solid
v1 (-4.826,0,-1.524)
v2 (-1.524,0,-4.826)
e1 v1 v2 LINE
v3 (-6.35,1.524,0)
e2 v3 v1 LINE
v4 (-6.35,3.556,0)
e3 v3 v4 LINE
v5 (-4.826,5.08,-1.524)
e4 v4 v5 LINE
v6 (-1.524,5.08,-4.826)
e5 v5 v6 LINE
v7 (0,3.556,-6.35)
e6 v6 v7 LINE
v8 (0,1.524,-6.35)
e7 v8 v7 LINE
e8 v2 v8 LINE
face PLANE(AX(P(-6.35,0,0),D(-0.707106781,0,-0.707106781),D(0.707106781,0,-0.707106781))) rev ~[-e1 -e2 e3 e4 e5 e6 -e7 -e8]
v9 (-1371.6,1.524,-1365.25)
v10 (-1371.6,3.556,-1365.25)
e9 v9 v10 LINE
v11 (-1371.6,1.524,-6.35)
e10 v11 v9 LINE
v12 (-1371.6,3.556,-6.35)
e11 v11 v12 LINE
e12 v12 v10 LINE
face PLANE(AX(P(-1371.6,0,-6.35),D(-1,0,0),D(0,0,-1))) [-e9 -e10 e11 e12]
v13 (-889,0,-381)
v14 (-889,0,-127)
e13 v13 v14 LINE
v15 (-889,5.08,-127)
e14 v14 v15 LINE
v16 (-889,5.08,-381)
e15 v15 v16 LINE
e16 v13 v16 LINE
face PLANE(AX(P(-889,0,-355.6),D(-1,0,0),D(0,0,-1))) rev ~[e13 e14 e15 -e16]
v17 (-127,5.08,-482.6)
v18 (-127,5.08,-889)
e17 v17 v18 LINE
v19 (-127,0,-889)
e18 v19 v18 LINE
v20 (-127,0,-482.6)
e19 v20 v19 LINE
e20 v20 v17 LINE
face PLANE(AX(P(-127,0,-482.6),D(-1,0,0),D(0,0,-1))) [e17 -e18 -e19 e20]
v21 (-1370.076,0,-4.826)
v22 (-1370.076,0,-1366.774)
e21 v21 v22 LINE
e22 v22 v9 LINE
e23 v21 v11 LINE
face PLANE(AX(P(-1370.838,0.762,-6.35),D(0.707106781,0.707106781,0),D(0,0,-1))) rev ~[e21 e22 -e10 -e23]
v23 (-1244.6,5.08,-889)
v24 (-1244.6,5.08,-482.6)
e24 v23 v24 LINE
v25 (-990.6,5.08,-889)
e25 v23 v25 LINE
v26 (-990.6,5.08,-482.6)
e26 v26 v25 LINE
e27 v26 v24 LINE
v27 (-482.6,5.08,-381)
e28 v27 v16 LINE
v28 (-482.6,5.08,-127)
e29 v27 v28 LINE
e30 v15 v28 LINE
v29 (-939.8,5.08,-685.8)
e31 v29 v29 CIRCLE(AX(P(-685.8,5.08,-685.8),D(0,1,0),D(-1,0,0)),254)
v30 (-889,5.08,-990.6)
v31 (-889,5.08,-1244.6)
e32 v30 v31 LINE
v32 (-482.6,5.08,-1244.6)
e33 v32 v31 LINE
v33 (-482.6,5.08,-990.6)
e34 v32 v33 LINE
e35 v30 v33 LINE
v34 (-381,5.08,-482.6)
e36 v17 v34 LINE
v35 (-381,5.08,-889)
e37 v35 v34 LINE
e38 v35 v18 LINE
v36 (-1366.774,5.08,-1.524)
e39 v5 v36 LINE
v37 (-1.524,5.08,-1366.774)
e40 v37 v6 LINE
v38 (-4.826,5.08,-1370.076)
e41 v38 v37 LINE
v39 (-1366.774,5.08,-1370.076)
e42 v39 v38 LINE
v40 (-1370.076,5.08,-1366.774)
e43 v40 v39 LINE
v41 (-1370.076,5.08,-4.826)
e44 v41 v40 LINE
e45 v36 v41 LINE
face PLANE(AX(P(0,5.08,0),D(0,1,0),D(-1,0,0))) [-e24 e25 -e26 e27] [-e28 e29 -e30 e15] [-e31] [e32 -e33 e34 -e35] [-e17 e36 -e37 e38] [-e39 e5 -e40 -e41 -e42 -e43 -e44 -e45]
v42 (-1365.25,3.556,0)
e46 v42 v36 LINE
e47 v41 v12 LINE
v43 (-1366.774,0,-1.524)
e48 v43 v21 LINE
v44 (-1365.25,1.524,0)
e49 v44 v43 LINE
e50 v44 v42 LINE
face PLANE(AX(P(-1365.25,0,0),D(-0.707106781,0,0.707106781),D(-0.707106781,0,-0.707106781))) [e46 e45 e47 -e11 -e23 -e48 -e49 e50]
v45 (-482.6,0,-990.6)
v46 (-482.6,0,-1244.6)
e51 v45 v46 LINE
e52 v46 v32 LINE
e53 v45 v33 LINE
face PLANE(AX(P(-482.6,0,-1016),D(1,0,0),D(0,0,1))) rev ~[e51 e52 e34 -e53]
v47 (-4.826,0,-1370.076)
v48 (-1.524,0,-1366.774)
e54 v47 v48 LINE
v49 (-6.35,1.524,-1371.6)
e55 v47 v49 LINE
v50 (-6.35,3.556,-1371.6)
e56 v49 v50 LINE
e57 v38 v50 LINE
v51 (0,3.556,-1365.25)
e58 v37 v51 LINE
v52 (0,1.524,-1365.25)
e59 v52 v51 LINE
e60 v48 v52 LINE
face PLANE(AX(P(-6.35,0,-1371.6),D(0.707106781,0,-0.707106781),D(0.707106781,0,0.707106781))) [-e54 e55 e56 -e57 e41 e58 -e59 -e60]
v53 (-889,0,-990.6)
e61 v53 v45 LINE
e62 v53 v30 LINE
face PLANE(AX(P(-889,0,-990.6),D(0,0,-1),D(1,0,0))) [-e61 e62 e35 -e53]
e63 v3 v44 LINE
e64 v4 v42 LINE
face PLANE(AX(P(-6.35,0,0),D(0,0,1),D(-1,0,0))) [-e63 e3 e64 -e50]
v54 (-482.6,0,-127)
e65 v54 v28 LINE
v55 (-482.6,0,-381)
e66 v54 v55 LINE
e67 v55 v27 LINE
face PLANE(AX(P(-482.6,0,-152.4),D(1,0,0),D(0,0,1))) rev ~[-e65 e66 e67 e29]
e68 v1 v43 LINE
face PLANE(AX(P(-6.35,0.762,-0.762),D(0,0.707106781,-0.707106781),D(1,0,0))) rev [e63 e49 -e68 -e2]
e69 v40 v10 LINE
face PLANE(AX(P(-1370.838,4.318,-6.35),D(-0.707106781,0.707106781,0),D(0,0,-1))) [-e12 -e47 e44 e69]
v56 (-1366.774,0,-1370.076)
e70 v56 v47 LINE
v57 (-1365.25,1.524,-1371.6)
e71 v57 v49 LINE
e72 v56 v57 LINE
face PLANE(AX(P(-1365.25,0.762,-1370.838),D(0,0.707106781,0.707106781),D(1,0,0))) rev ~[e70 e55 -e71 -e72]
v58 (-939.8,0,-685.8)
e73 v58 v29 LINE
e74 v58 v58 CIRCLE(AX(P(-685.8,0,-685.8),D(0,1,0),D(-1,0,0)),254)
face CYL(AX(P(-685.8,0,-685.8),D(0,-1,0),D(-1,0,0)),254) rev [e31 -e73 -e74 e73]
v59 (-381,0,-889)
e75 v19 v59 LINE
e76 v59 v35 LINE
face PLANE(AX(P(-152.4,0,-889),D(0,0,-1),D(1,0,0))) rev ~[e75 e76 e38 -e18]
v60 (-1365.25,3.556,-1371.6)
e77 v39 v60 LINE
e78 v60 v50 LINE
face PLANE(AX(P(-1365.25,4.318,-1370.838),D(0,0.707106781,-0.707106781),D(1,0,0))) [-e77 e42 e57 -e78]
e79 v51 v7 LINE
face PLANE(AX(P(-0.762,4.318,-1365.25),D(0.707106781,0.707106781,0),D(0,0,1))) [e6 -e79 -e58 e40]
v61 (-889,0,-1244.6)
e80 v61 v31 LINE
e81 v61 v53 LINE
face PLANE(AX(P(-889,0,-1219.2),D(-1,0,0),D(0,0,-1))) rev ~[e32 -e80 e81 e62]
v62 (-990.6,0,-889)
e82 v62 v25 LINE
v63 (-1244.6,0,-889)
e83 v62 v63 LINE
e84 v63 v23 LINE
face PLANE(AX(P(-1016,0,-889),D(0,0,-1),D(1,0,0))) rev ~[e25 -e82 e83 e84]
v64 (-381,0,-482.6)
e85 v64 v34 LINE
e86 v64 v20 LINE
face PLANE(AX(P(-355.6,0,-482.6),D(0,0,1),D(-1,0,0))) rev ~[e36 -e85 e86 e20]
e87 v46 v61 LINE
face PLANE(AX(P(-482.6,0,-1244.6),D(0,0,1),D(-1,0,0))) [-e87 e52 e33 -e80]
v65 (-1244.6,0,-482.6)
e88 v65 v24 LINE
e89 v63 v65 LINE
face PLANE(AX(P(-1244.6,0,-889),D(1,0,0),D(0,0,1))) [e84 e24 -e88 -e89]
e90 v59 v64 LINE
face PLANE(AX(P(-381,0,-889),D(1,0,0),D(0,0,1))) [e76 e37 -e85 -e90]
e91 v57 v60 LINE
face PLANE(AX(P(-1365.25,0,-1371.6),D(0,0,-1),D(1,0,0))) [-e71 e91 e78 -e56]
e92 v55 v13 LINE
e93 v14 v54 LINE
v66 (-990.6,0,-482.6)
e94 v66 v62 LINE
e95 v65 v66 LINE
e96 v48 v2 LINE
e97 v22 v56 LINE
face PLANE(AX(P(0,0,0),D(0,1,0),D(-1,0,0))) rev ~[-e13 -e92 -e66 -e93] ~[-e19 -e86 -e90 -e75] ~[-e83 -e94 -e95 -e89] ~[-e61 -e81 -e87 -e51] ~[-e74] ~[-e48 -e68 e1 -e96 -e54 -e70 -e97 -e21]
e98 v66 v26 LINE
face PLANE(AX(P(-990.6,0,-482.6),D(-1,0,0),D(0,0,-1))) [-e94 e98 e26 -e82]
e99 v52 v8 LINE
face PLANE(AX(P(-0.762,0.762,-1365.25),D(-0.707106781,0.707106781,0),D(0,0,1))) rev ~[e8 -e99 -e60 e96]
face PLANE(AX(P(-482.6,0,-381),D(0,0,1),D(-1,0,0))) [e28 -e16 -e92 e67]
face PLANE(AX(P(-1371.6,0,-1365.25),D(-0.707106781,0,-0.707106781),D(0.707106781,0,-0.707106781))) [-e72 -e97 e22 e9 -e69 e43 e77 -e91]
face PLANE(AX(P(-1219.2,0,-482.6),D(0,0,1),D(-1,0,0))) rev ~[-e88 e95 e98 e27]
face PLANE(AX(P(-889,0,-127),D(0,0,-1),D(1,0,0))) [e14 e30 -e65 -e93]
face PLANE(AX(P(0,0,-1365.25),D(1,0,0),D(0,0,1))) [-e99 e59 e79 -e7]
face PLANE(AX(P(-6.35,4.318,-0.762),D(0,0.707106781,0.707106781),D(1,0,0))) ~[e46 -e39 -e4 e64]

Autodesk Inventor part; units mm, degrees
ref_plane "YZ Plane" through (0, 0, 0) normal (1, 0, 0) x (0, 1, 0)
ref_plane "XZ Plane" through (0, 0, 0) normal (0, 1, 0) x (-1, 0, 0)
ref_plane "XY Plane" through (0, 0, 0) normal (0, 0, 1) x (1, 0, 0)
sketch "Sketch1" plane through (0, 0, 0) normal (0, 1, 0) x (-1, 0, 0)
  line L0 (6.35, 0) -> (1365.25, 0)
  line L1 (1371.6, -6.35) -> (1371.6, -1365.25)
  line L2 (1365.25, -1371.6) -> (6.35, -1371.6)
  line L3 (0, -1365.25) -> (0, -6.35)
  line L4 (1346.2, -1346.2) -> (1346.2, -25.4)
  line L5 (1346.2, -25.4) -> (25.4, -25.4)
  line L6 (25.4, -25.4) -> (25.4, -1346.2)
  line L7 (25.4, -1346.2) -> (1346.2, -1346.2)
  line L8 (1320.8, -50.8) -> (1320.8, -1320.8)
  line L9 (1320.8, -1320.8) -> (50.8, -1320.8)
  line L10 (50.8, -1320.8) -> (50.8, -50.8)
  line L11 (50.8, -50.8) -> (1320.8, -50.8)
  line L12 (1320.8, -50.8) -> (1346.2, -25.4)
  line L13 (1320.8, -1320.8) -> (1346.2, -1346.2)
  line L14 (50.8, -1320.8) -> (25.4, -1346.2)
  line L15 (50.8, -50.8) -> (25.4, -25.4)
  line L16 (1219.2, -482.6) -> (1016, -482.6)
  line L17 (1016, -482.6) -> (1016, -889)
  line L18 (1016, -889) -> (1219.2, -889)
  line L19 (1219.2, -889) -> (1219.2, -482.6)
  line L20 (355.6, -482.6) -> (152.4, -482.6)
  line L21 (152.4, -482.6) -> (152.4, -889)
  line L22 (152.4, -889) -> (355.6, -889)
  line L23 (355.6, -889) -> (355.6, -482.6)
  line L24 (889, -1016) -> (482.6, -1016)
  line L25 (482.6, -1016) -> (482.6, -1219.2)
  line L26 (482.6, -1219.2) -> (889, -1219.2)
  line L27 (889, -1219.2) -> (889, -1016)
  line L28 (889, -152.4) -> (482.6, -152.4)
  line L29 (482.6, -152.4) -> (482.6, -355.6)
  line L30 (482.6, -355.6) -> (889, -355.6)
  line L31 (889, -355.6) -> (889, -152.4)
  circle A0 centre (685.8, -685.8) radius 254
  line L32 (889, -127) -> (482.6, -127)
  line L33 (457.2, -127) -> (457.2, -381)
  line L34 (457.2, -381) -> (914.4, -381)
  line L35 (914.4, -381) -> (914.4, -127)
  line L36 (1244.6, -457.2) -> (990.6, -457.2)
  line L37 (990.6, -457.2) -> (990.6, -914.4)
  line L38 (990.6, -914.4) -> (1244.6, -914.4)
  line L39 (1244.6, -889) -> (1244.6, -482.6)
  line L40 (914.4, -990.6) -> (457.2, -990.6)
  line L41 (457.2, -990.6) -> (457.2, -1244.6)
  line L42 (482.6, -1244.6) -> (889, -1244.6)
  line L43 (914.4, -1244.6) -> (914.4, -990.6)
  line L44 (381, -457.2) -> (127, -457.2)
  line L45 (127, -482.6) -> (127, -889)
  line L46 (127, -914.4) -> (381, -914.4)
  line L47 (381, -914.4) -> (381, -457.2)
  line L48 (152.4, -482.6) -> (50.8, -482.6)
  line L49 (127, -457.2) -> (50.8, -457.2)
  line L50 (152.4, -889) -> (50.8, -889)
  line L51 (127, -914.4) -> (50.8, -914.4)
  line L52 (355.6, -889) -> (381, -889)
  line L53 (355.6, -482.6) -> (381, -482.6)
  line L54 (457.2, -1244.6) -> (457.2, -1320.8)
  line L55 (482.6, -1219.2) -> (482.6, -1320.8)
  line L56 (889, -1219.2) -> (889, -1320.8)
  line L57 (914.4, -1244.6) -> (914.4, -1320.8)
  line L58 (1244.6, -914.4) -> (1320.8, -914.4)
  line L59 (1219.2, -889) -> (1320.8, -889)
  line L60 (1219.2, -482.6) -> (1320.8, -482.6)
  line L61 (1244.6, -457.2) -> (1320.8, -457.2)
  line L62 (889, -152.4) -> (889, -50.8)
  line L63 (914.4, -127) -> (914.4, -50.8)
  line L64 (482.6, -152.4) -> (482.6, -50.8)
  line L65 (457.2, -127) -> (457.2, -50.8)
  line L66 (889, -1016) -> (889, -990.6)
  line L67 (482.6, -1016) -> (482.6, -990.6)
  line L68 (1016, -889) -> (990.6, -889)
  line L69 (1016, -482.6) -> (990.6, -482.6)
  line L70 (889, -355.6) -> (889, -381)
  line L71 (482.6, -355.6) -> (482.6, -381)
  line L72 (914.4, -381) -> (990.6, -457.2)
  line L73 (990.6, -482.6) -> (889, -381)
  line L74 (990.6, -914.4) -> (914.4, -990.6)
  line L75 (889, -990.6) -> (990.6, -889)
  line L76 (381, -914.4) -> (457.2, -990.6)
  line L77 (482.6, -990.6) -> (381, -889)
  line L78 (457.2, -381) -> (381, -457.2)
  line L79 (482.6, -381) -> (381, -482.6)
  line L80 (1257.3, -50.8) -> (1320.8, -114.3)
  line L81 (1320.8, -1257.3) -> (1257.3, -1320.8)
  line L82 (50.8, -1257.3) -> (114.3, -1320.8)
  line L83 (50.8, -114.3) -> (114.3, -50.8)
  line L84 (68.7605, -132.2605) -> (132.2605, -68.7605)
  line L85 (68.7605, -1239.3395) -> (132.2605, -1302.8395)
  line L86 (1302.8395, -1239.3395) -> (1239.3395, -1302.8395)
  line L87 (1239.3395, -68.7605) -> (1302.8395, -132.2605)
  line L88 (1302.8395, -132.2605) -> (1320.8, -150.221)
  line L89 (1239.3395, -68.7605) -> (1221.379, -50.8)
  line L90 (1302.8395, -1239.3395) -> (1320.8, -1221.379)
  line L91 (1239.3395, -1302.8395) -> (1221.379, -1320.8)
  line L92 (132.2605, -1302.8395) -> (150.221, -1320.8)
  line L93 (68.7605, -1239.3395) -> (50.8, -1221.379)
  line L94 (132.2605, -68.7605) -> (150.221, -50.8)
  line L95 (68.7605, -132.2605) -> (50.8, -150.221)
  line L96 (1365.25, 0) -> (1371.6, -6.35)
  line L97 (1371.6, -1365.25) -> (1365.25, -1371.6)
  line L98 (6.35, -1371.6) -> (0, -1365.25)
  line L99 (6.35, 0) -> (0, -6.35)
  point P0 (0, 0)
  point P1 (1371.6, -1371.6)
  point P2 (1371.6, 0)
  point P3 (0, -1371.6)
  dimension "d0" = 1371.6
  dimension "d1" = 1371.6
  dimension "d2" = 25.4
  dimension "d3" = 25.4
  dimension "d4" = 203.2
  dimension "d5" = 406.4
  dimension "d6" = 203.2
  dimension "d7" = 406.4
  dimension "d8" = 406.4
  dimension "d9" = 203.2
  dimension "d10" = 406.4
  dimension "d11" = 203.2
  dimension "d12" = 101.6
  dimension "d13" = 101.6
  dimension "d14" = 101.6
  dimension "d15" = 101.6
  dimension "d16" = 431.8
  dimension "d17" = 431.8
  dimension "d18" = 431.8
  dimension "d19" = 431.8
  dimension "d20" = 508
  dimension "d21" = 25.4
  dimension "d22" = 25.4
  dimension "d23" = 25.4
  dimension "d24" = 25.4
  dimension "d25" = 45
  dimension "d26" = 63.5
  dimension "d27" = 45
  dimension "d28" = 45
  dimension "d29" = 45
  dimension "d30" = 25.4
  dimension "d31" = 25.4
  dimension "d32" = 25.4
  dimension "d33" = 25.4
  dimension "d34" = 6.35
  dimension "d35" = 6.35
  dimension "d36" = 6.35
  dimension "d37" = 6.35
  dimension "d38" = 6.35
  dimension "d39" = 6.35
  dimension "d40" = 6.35
  dimension "d41" = 6.35
extrude "Extrusion1" add sketch "Sketch1" along normal blind 5.08 contours L0 L96 L1 L97 L2 L98 L3 L99 | L13 L8 L12 L4 | L7 L14 L9 L13 | L12 L11 L15 L5 | L6 L15 L10 L14 | L9 L81 L8 | L8 L80 L11 | L10 L82 L9 | L81 L9 L91 L86 L90 L8 | L11 L83 L10 | L8 L88 L87 L89 L11 L80 | L82 L10 L93 L85 L92 L9 | L90 L86 L91 L9 L57 L43 L74 L38 L58 L8 | L83 L11 L94 L84 L95 L10 | L8 L61 L36 L72 L35 L63 L11 L89 L87 L88 | L92 L85 L93 L10 L51 L46 L76 L41 L54 L9 | L58 L38 L37 L68 L18 L59 L8 | L9 L56 L27 L66 L40 L43 L57 | L95 L84 L94 L11 L65 L33 L78 L44 L49 L10 | L8 L60 L16 L69 L37 L36 L61 | L63 L35 L34 L70 L31 L62 L11 | L54 L41 L40 L67 L25 L55 L9 | L10 L50 L22 L52 L47 L46 L51 | L59 L39 L60 L8 | L9 L55 L42 L56 | L49 L44 L47 L53 L20 L48 L10 | L11 L64 L29 L71 L34 L33 L65 | L62 L32 L64 L11 | L10 L48 L45 L50 | L74 L40 L75 L37 | L37 L73 L34 L72 | L76 L47 L77 L40 | L75 L40 L77 L47 L79 L34 L73 L37 | L78 L34 L79 L47
chamfer "Chamfer1" distance 1.524 angle 45 8 edges at (-1371.6, 5.08, -685.8) (-1371.6, 0, -685.8) (-685.8, 5.08, 0) (-685.8, 0, 0) (-685.8, 5.08, -1371.6) (-685.8, 0, -1371.6) (0, 5.08, -685.8) (0, 0, -685.8)
equation "\"d35\" = d34"
equation "\"d36\" = d34"
equation "\"d37\" = d36"
equation "\"d38\" = d34"
equation "\"d39\" = d38"
equation "\"d40\" = d34"
equation "\"d41\" = d40"
properties part number "Glass top X1" material "Glass"
